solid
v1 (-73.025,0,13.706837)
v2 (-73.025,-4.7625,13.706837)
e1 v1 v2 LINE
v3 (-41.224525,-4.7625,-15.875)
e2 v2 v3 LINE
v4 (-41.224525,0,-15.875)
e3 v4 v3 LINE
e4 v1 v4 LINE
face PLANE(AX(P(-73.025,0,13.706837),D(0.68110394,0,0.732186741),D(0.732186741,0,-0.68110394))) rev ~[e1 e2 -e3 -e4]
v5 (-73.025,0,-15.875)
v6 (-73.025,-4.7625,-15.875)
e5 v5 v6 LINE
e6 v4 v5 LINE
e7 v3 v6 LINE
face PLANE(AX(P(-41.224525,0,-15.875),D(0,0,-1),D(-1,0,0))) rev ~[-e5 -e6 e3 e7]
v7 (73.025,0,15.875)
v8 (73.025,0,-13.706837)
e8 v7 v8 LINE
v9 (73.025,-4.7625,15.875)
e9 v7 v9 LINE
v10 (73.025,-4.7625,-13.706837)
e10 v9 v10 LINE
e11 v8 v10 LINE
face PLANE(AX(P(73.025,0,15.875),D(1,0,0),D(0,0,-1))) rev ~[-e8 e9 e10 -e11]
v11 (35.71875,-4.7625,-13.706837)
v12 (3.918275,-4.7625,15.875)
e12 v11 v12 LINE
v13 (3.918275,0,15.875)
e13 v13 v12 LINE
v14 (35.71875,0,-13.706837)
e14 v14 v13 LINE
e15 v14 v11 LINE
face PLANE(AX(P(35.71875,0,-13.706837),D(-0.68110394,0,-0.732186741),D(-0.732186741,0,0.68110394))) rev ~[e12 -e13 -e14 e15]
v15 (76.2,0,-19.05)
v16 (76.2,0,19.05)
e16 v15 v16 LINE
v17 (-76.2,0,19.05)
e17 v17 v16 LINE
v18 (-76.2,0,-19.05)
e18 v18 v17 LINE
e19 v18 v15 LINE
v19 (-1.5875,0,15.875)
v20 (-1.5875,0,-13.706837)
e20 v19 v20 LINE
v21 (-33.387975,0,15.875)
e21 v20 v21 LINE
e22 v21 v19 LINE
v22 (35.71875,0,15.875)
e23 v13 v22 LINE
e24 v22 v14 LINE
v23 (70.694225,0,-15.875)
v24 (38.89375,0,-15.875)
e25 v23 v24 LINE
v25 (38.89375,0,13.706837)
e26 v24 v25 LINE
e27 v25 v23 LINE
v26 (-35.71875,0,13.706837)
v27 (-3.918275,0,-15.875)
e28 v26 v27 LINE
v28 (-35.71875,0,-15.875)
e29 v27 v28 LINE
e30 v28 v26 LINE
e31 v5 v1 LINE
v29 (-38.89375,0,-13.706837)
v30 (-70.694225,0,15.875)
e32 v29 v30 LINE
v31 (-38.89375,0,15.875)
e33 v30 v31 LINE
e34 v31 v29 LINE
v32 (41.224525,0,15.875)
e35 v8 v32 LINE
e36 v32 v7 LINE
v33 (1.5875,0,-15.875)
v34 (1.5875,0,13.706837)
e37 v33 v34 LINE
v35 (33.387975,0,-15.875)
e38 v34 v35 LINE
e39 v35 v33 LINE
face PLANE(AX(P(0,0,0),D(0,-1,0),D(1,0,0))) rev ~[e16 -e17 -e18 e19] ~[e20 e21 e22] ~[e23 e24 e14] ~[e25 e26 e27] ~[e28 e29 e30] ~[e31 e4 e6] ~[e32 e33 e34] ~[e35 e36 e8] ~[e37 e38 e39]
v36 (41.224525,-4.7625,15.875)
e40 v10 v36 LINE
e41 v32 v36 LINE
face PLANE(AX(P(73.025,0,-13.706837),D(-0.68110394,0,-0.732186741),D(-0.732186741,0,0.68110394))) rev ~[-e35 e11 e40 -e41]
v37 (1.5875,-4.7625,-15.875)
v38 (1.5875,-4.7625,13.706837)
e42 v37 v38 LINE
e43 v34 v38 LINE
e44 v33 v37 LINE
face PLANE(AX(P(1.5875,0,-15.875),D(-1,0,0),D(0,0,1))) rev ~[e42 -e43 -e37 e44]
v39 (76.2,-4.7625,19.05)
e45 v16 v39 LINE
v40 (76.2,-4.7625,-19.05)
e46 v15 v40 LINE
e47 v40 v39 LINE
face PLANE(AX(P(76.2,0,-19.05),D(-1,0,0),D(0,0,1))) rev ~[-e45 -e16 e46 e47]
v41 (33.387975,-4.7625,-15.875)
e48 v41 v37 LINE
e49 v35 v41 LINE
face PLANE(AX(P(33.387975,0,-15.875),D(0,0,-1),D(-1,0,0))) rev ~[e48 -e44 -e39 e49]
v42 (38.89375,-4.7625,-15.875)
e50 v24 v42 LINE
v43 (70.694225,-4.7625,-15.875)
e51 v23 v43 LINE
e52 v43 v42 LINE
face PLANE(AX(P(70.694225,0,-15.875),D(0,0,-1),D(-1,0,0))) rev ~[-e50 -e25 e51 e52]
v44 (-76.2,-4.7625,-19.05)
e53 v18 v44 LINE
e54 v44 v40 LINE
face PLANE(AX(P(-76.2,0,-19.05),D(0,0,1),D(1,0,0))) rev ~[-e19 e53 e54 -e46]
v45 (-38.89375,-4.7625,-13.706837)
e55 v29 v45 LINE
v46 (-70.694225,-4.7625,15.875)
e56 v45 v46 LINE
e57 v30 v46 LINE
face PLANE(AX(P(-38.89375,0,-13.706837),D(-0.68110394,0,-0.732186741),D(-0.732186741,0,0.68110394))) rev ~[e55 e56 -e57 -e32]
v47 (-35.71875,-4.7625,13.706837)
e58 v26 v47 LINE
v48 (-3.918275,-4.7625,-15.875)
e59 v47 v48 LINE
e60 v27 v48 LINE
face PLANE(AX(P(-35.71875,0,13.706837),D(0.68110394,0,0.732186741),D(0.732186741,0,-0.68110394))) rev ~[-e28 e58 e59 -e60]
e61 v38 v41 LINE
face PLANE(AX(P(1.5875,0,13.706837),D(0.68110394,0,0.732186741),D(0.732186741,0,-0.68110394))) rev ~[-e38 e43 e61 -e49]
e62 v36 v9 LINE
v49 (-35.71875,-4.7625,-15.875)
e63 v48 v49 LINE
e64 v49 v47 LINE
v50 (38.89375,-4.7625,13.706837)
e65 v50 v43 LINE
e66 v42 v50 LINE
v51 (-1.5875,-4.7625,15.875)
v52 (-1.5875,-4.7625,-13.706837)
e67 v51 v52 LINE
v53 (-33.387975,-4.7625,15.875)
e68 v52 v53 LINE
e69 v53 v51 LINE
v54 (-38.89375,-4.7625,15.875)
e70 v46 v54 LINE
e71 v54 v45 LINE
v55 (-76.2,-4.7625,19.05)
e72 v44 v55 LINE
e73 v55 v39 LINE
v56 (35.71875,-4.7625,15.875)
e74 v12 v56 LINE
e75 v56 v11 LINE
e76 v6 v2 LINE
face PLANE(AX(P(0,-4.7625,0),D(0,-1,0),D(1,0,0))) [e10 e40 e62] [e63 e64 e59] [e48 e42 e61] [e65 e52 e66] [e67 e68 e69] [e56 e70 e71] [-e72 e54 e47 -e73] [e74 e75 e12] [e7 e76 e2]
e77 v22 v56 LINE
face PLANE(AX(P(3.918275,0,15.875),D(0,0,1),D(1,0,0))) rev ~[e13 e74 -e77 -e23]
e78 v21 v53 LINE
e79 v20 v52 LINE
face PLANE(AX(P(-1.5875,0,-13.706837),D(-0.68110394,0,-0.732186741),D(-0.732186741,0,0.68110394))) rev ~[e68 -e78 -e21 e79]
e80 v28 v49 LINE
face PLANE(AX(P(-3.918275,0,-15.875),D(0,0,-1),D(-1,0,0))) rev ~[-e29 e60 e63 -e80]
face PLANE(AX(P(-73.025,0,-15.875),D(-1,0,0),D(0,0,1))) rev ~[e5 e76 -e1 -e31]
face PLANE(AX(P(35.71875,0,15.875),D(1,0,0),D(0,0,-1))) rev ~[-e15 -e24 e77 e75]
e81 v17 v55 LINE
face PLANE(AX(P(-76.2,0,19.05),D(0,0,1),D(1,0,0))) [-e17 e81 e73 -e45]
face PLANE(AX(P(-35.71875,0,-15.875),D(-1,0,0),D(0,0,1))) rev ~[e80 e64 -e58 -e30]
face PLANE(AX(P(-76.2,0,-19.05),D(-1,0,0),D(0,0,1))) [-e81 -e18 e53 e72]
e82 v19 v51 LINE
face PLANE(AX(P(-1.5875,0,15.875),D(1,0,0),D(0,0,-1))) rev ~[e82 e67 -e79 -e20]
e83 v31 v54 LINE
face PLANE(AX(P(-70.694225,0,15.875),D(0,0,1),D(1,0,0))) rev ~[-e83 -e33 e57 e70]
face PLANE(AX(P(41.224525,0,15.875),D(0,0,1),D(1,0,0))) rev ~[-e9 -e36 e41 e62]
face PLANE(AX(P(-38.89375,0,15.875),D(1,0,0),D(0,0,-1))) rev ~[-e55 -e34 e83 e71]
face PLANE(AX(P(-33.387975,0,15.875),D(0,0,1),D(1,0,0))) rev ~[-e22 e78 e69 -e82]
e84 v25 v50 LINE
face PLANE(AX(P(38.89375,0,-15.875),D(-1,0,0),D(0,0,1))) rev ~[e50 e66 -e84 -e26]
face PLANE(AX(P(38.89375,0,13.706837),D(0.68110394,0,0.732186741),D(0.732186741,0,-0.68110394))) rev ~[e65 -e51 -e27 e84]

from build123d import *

# Parameters (mm, degrees)
F0_W     = 152.4
F0_H     = 38.1
F1_DEPTH = 4.7625


with BuildPart() as f1:
    # F0 (on Front) → F1 (new body)
    with BuildSketch(Plane.XZ):
        Rectangle(F0_W, F0_H)
        Polygon((-73.025, -15.875), (-73.025, 13.706837), (-41.224525, -15.875), align=None, mode=Mode.SUBTRACT)
        Polygon((-35.71875, -15.875), (-35.71875, 13.706837), (-3.918275, -15.875), align=None, mode=Mode.SUBTRACT)
        Polygon((1.5875, -15.875), (1.5875, 13.706837), (33.387975, -15.875), align=None, mode=Mode.SUBTRACT)
        Polygon((38.89375, -15.875), (38.89375, 13.706837), (70.694225, -15.875), align=None, mode=Mode.SUBTRACT)
        Polygon((-38.89375, -13.706837), (-70.694225, 15.875), (-38.89375, 15.875), align=None, mode=Mode.SUBTRACT)
        Polygon((-33.387975, 15.875), (-1.5875, 15.875), (-1.5875, -13.706837), align=None, mode=Mode.SUBTRACT)
        Polygon((35.71875, -13.706837), (3.918275, 15.875), (35.71875, 15.875), align=None, mode=Mode.SUBTRACT)
        Polygon((41.224525, 15.875), (73.025, 15.875), (73.025, -13.706837), align=None, mode=Mode.SUBTRACT)
    extrude(amount=F1_DEPTH)


solid = f1.part
